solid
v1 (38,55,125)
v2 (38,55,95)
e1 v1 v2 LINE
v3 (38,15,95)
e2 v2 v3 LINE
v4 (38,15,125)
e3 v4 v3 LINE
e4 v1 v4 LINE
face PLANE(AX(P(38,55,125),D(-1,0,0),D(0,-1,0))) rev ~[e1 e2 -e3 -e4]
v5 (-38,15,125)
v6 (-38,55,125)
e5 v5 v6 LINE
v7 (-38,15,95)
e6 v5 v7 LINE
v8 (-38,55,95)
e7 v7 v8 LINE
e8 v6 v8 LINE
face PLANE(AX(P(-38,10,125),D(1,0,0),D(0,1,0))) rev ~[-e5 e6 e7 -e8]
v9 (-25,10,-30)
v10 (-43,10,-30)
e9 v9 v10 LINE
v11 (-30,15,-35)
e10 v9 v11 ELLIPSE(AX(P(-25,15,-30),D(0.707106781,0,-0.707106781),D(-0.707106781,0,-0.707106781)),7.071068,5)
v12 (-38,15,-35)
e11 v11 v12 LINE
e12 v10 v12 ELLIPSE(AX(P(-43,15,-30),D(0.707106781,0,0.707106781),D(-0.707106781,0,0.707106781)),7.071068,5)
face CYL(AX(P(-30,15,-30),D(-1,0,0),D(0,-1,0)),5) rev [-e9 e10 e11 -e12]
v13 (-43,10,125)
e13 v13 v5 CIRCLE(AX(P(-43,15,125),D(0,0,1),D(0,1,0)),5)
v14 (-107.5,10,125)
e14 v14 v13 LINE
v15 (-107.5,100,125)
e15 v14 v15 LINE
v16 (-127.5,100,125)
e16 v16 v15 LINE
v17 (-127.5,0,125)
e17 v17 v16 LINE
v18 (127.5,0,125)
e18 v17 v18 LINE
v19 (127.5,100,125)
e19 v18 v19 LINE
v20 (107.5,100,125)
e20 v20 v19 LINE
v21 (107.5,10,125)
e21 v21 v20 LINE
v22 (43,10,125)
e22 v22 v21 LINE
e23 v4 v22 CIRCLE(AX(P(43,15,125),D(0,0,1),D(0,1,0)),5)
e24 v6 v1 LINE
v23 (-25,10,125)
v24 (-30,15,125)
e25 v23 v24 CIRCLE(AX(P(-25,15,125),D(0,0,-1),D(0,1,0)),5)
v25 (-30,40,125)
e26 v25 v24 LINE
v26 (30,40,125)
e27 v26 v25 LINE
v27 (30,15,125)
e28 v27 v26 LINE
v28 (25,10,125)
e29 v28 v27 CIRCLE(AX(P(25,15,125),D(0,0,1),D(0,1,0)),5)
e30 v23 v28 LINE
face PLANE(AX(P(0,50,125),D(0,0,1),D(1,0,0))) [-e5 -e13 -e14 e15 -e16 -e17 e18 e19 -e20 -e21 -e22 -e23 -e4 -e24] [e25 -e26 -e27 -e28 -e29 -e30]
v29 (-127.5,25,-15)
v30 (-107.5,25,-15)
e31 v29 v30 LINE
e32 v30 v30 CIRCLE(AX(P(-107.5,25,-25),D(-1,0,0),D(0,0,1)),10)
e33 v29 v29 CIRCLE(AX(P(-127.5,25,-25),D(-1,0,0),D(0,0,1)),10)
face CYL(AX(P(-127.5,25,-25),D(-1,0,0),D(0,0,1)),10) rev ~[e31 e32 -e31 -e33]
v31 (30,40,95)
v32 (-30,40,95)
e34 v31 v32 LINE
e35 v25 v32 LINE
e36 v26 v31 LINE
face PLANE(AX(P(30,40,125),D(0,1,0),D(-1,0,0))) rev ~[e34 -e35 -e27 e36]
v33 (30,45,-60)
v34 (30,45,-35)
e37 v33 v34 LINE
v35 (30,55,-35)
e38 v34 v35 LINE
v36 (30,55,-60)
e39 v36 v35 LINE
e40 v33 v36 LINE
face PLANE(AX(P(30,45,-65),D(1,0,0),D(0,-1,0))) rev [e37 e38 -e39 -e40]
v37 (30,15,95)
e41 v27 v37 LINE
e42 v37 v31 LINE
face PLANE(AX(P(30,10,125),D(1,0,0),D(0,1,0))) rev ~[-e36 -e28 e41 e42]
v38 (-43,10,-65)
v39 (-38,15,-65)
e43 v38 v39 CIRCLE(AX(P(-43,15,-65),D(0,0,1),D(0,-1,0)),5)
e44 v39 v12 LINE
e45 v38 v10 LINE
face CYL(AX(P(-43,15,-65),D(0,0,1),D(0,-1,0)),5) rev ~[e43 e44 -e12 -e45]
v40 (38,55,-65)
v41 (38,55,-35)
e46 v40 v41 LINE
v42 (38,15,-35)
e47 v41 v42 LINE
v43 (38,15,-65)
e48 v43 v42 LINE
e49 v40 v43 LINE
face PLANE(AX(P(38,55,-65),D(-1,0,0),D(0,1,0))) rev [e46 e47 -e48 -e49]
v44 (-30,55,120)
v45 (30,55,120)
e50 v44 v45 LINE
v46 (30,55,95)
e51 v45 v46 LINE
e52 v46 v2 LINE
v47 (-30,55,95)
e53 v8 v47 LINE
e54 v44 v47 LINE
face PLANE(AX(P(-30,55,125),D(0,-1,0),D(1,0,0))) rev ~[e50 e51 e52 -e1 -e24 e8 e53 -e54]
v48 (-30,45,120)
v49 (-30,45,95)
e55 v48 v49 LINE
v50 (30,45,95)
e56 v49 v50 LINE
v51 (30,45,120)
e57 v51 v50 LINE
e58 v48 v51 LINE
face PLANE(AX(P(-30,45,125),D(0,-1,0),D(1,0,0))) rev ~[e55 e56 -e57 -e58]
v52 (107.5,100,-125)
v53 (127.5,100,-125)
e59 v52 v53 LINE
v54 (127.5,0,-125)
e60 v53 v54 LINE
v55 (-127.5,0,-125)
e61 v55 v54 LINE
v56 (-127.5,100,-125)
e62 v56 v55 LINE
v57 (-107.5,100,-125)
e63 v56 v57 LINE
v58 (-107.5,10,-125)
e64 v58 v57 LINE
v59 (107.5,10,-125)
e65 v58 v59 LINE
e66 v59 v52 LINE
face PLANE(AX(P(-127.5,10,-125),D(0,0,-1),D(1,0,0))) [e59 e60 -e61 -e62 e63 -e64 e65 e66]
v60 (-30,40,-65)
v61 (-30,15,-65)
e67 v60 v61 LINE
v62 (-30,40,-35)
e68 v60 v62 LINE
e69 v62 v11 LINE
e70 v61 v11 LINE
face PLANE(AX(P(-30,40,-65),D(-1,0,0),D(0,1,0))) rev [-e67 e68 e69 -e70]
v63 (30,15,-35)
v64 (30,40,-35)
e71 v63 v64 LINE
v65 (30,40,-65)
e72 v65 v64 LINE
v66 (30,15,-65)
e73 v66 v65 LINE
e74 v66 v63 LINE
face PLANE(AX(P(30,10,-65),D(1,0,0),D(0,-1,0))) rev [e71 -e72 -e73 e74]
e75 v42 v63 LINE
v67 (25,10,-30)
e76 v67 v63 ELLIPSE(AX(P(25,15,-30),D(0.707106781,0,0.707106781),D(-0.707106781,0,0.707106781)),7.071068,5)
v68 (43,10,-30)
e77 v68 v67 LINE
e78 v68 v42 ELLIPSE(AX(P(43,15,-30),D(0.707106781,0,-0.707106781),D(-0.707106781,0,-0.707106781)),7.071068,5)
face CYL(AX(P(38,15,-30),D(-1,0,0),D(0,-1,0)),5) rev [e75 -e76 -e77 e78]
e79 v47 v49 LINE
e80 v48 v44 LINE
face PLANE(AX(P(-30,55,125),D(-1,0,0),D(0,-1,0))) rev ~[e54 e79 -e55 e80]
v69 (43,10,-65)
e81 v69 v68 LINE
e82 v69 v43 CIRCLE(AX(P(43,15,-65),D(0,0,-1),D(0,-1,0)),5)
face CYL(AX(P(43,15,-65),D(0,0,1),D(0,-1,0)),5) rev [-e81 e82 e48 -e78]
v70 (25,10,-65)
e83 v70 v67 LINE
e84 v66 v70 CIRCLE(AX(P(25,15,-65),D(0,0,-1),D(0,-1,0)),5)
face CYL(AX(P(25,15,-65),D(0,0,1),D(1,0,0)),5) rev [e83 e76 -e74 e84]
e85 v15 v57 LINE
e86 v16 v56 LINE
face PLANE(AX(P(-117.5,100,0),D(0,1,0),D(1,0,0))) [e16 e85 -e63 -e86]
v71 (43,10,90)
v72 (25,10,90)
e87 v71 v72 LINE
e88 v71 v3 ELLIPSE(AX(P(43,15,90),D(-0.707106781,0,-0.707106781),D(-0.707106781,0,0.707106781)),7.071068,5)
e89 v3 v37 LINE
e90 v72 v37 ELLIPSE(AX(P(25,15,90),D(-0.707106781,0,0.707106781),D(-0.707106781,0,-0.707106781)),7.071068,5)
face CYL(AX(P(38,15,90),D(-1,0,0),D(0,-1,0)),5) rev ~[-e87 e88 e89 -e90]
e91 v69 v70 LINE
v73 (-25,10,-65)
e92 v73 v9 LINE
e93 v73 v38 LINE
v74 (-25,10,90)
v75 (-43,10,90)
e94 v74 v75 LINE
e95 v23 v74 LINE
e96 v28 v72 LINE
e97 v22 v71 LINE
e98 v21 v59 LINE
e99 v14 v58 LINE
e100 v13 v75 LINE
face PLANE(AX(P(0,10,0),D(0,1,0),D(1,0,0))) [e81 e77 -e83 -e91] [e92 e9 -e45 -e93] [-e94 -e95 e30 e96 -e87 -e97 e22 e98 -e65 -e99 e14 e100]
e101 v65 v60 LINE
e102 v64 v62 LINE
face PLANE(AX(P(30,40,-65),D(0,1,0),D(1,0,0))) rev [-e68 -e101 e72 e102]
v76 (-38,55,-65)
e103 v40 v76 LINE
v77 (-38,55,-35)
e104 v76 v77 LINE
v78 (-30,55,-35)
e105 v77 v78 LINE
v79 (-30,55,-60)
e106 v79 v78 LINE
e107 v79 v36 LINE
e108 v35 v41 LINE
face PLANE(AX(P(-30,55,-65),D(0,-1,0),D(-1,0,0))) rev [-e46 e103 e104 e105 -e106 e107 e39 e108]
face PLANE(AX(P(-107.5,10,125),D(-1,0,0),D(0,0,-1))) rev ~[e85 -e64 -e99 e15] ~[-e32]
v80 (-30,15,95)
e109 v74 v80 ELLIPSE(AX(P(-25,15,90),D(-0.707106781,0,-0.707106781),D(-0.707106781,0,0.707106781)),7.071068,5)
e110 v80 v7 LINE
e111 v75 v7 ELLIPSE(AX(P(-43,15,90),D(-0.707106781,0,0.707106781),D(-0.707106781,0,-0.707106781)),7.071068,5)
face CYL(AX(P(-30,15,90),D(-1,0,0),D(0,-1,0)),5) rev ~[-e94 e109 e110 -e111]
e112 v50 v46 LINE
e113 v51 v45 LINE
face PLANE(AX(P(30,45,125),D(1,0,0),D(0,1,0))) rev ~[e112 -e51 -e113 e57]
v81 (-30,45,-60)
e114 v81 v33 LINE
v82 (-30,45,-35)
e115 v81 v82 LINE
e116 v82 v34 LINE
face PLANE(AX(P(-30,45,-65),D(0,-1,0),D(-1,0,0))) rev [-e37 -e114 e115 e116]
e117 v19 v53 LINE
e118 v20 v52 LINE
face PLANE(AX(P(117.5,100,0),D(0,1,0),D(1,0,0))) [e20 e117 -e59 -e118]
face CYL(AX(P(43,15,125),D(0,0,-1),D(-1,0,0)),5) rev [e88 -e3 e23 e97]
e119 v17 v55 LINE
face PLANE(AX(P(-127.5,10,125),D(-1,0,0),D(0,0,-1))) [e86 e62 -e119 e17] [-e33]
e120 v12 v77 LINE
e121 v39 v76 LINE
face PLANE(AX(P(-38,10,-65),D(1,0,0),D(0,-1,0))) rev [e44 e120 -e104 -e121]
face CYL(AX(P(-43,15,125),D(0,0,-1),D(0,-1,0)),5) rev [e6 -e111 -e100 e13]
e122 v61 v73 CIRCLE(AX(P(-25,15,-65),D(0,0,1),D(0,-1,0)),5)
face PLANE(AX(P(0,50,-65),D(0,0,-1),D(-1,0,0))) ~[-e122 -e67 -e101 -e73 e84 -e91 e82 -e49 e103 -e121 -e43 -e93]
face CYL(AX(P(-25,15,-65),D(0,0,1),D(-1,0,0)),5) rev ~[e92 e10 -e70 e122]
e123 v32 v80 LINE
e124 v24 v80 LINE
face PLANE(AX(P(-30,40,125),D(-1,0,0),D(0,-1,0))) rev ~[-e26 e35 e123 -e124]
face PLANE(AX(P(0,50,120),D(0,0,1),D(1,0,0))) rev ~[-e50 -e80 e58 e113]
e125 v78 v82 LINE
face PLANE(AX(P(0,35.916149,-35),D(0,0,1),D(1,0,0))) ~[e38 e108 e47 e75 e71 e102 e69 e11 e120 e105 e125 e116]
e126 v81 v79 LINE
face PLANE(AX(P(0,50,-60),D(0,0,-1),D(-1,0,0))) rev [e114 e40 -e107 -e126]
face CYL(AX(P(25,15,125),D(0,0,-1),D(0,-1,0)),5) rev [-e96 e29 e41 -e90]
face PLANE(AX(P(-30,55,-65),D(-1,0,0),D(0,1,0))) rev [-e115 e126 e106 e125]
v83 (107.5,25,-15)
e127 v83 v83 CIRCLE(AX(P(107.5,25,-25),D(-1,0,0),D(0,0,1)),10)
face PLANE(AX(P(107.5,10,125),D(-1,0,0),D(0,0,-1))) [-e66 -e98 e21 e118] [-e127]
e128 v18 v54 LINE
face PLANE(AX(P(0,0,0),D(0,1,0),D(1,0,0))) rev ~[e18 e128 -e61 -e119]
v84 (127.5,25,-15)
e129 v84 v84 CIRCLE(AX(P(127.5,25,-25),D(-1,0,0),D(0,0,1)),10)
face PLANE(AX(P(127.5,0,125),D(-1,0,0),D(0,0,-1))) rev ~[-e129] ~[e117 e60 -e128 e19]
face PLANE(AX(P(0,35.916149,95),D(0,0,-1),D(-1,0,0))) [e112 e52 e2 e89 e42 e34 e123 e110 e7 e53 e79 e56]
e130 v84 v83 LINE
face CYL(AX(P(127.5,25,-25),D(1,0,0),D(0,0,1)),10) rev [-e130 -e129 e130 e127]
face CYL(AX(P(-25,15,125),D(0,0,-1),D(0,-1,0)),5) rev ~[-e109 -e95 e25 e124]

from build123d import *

# Parameters (mm, degrees)
SKETCH_4_W             = 255
SKETCH_4_H             = 250
EXTRUDE_2_DEPTH        = 10
SKETCH_7_W             = 20
SKETCH_7_H             = 250
EXTRUDE_3_DEPTH        = 90
EXTRUDE_4_DEPTH        = 30
CUT_EXTRUDE_1_REACH    = 303.081
SKETCH_9_R             = 10
SKETCH_11_W            = 60
SKETCH_11_H            = 10
EXTRUDE_6_DEPTH        = 5
FILLET_1_R             = 5
FILLET_1_OF_MIRROR_2_R = 5


with BuildPart() as part:
    # 草圖4 → 填料-伸長2 (new body)
    with BuildSketch(Plane(origin=(0, 0, 0), x_dir=(1, 0, 0), z_dir=(0, 1, 0))):
        Rectangle(SKETCH_4_W, SKETCH_4_H)
    extrude(amount=EXTRUDE_2_DEPTH)

    # 草圖7 → 填料-伸長3 (add)
    with BuildSketch(Plane(origin=(0, 10, 0), x_dir=(1, 0, 0), z_dir=(0, 1, 0))):
        with Locations((-117.5, 0)):
            Rectangle(SKETCH_7_W, SKETCH_7_H)
        with Locations((117.5, 0)):
            Rectangle(SKETCH_7_W, SKETCH_7_H)
    extrude(amount=EXTRUDE_3_DEPTH)

    # 草圖8 → 填料-伸長4 (add)
    with BuildSketch(Plane.XY.offset(125)):
        Polygon((-30, 10), (-38, 10), (-38, 55), (-30, 55), (-30, 45), (30, 45), (30, 55), (38, 55), (38, 10), (30, 10), (30, 40), (-30, 40), align=None)
    extrude_4 = extrude(amount=-EXTRUDE_4_DEPTH)

    # 草圖9 → 除料-伸長1 (cut, up to next)
    with BuildSketch(Plane.ZY.offset(127.5), mode=Mode.PRIVATE) as cut_extrude_1_sk1:
        with Locations((-25, 25)):
            Circle(SKETCH_9_R)
    cut_extrude_1_tool1 = extrude(cut_extrude_1_sk1.sketch, amount=-CUT_EXTRUDE_1_REACH, mode=Mode.PRIVATE) & part.part
    cut_extrude_1 = cut_extrude_1_tool1.solids().sort_by_distance((-127.5, 25, -25))[0]
    add(cut_extrude_1, mode=Mode.SUBTRACT)

    # 鏡射1: 除料-伸長1 across plane
    add(cut_extrude_1.mirror(Plane(origin=(0, 0, 0), x_dir=(0, 0, 1), z_dir=(1, 0, 0))), mode=Mode.SUBTRACT)

    # 草圖11 → 填料-伸長6 (add)
    with BuildSketch(Plane.XY.offset(125)):
        with Locations((0, 50)):
            Rectangle(SKETCH_11_W, SKETCH_11_H)
    extrude_6 = extrude(amount=-EXTRUDE_6_DEPTH)

    # 圓角1
    fillet_1_edges = [part.edges().sort_by_distance(p)[0] for p in [
        (-34, 10, 95),
        (-30, 10, 110),
        (-38, 10, 110),
        (34, 10, 95),
        (38, 10, 110),
        (30, 10, 110),
    ]]
    fillet(fillet_1_edges, radius=FILLET_1_R)

    # 鏡射2: 填料-伸長4, 填料-伸長6 across plane
    add(extrude_4.mirror(Plane(origin=(0, 0, 30), x_dir=(1, 0, 0), z_dir=(0, 0, -1))))
    add(extrude_6.mirror(Plane(origin=(0, 0, 30), x_dir=(1, 0, 0), z_dir=(0, 0, -1))))

    # 圓角1 of 鏡射2
    fillet_1_of_mirror_2_edges = [part.edges().sort_by_distance(p)[0] for p in [
        (-34, 10, -35),
        (-30, 10, -50),
        (-38, 10, -50),
        (34, 10, -35),
        (38, 10, -50),
        (30, 10, -50),
    ]]
    fillet(fillet_1_of_mirror_2_edges, radius=FILLET_1_OF_MIRROR_2_R)


solid = part.part
